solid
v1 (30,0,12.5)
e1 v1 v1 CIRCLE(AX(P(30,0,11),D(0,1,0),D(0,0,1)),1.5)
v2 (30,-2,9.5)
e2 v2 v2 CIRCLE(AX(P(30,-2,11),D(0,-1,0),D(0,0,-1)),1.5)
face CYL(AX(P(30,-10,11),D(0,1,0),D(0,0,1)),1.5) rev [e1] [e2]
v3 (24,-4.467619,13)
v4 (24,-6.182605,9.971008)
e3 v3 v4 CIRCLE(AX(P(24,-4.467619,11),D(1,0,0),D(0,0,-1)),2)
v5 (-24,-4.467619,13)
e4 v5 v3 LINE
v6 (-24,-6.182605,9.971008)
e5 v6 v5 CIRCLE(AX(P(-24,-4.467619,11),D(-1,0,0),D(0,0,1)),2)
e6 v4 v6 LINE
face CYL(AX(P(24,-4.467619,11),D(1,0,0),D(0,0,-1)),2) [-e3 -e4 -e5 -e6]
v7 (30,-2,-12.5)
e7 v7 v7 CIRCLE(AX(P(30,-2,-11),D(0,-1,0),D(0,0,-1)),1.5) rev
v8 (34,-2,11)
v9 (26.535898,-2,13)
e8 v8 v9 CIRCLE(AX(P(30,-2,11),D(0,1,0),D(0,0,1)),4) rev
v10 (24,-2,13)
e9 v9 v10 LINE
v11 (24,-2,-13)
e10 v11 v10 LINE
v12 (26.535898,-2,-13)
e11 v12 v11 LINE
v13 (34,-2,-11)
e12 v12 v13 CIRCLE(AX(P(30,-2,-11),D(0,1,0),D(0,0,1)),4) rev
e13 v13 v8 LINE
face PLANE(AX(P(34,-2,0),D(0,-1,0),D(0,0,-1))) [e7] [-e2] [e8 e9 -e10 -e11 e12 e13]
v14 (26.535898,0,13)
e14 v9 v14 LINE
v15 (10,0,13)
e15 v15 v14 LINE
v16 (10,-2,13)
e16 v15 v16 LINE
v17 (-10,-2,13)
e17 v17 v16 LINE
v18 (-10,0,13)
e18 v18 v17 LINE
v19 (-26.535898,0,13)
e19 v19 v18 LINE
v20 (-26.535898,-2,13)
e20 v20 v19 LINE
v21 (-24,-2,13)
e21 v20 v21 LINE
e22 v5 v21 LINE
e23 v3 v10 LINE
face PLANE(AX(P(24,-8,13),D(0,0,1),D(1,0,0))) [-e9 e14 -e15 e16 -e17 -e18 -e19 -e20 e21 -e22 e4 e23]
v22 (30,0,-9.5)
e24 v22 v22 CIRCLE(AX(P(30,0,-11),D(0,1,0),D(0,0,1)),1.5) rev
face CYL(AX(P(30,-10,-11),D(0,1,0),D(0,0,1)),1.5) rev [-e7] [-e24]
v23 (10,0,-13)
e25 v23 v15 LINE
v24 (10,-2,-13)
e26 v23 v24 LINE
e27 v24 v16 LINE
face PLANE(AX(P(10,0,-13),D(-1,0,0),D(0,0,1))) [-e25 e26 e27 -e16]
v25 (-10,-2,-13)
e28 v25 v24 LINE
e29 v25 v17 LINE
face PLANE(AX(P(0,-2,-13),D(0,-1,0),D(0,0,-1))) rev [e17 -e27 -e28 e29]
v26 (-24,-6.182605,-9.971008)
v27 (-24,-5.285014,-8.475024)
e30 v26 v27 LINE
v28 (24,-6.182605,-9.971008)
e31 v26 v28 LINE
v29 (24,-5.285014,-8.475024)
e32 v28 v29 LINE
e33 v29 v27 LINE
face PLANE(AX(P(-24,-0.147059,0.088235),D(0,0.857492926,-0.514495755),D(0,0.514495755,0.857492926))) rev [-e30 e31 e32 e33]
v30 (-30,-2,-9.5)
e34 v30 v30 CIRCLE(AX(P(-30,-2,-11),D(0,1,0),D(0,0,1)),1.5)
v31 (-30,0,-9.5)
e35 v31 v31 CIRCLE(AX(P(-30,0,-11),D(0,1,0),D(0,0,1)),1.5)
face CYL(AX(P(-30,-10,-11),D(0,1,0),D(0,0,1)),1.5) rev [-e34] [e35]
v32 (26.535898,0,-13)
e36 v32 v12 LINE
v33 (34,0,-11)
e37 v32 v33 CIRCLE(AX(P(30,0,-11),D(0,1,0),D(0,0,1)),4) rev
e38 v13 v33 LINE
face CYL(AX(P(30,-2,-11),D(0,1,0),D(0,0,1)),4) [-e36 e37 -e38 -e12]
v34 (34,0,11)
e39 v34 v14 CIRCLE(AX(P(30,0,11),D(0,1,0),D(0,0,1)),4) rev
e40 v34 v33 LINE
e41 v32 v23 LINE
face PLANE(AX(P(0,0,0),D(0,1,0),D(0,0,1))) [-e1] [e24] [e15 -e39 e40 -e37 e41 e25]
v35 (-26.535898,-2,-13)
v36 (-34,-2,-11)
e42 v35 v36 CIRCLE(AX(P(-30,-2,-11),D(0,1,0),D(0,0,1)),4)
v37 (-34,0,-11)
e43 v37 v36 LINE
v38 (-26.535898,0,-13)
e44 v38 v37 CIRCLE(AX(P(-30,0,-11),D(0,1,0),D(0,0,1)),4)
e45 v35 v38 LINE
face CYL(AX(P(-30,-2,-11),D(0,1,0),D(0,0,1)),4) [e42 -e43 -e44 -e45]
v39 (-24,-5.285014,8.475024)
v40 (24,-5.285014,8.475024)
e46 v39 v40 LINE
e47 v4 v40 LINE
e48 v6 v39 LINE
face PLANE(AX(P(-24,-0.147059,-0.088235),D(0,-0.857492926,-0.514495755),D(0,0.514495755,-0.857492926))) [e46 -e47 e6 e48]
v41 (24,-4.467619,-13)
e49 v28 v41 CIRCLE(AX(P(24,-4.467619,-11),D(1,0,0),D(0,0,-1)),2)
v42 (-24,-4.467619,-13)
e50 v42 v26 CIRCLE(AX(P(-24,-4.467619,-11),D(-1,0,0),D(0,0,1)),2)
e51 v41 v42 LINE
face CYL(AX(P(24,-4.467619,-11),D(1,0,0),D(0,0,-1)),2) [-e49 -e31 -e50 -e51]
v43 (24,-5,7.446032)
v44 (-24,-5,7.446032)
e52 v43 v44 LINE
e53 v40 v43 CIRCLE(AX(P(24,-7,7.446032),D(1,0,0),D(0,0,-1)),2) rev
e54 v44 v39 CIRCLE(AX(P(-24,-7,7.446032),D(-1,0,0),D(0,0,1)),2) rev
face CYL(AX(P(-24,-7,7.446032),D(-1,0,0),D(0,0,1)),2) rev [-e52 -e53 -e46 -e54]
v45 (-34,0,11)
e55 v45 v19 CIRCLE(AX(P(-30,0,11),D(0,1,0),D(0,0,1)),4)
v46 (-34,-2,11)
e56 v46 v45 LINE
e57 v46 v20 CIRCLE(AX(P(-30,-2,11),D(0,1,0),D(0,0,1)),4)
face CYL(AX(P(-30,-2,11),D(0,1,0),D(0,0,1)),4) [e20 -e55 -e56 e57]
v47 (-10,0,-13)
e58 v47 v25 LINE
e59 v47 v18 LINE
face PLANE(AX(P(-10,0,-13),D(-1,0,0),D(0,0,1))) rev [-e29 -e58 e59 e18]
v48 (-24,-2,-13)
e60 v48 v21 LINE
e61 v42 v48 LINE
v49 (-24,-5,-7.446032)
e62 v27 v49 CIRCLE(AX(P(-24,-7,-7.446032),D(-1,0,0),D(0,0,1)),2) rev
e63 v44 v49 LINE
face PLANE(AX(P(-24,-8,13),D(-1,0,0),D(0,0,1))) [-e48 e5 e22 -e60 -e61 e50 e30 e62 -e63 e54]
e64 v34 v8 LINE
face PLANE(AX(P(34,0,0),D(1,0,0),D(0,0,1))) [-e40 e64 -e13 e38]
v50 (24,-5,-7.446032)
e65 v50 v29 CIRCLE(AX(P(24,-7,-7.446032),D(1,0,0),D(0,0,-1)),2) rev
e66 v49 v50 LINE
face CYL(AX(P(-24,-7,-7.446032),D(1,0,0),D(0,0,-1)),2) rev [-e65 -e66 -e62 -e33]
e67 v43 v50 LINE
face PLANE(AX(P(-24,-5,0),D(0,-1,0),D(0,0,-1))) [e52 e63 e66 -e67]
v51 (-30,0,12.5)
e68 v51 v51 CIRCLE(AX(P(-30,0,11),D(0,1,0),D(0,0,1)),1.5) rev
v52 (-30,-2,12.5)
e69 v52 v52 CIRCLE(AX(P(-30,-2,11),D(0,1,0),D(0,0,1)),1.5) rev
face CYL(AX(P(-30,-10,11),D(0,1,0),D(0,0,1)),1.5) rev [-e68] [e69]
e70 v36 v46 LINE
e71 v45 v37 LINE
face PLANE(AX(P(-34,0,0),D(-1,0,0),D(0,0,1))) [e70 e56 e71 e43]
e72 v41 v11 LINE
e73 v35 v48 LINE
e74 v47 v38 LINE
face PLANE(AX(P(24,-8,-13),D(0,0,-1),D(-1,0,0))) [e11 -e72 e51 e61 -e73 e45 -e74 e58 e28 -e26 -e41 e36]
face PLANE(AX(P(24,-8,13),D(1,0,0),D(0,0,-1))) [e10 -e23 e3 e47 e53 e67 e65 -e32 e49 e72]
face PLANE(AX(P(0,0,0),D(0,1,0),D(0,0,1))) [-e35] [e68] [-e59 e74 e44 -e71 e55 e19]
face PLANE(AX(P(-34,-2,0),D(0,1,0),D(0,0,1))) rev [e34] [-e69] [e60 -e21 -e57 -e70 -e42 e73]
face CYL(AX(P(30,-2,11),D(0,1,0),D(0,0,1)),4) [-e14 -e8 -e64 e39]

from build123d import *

# Parameters (mm, degrees)
SKETCH1_W               = 48
SKETCH1_H               = 26
BOSS_EXTRUDE1_DEPTH     = 8
CUT_EXTRUDE1_DEPTH      = 1
CUT_EXTRUDE1_DEPTH_BACK = 49
FILLET1_R               = 2
SKETCH5_W               = 26
SKETCH5_H               = 2
BOSS_EXTRUDE2_DEPTH     = 10
SKETCH6_R               = 1.5
CUT_EXTRUDE2_DEPTH      = 10
SKETCH3_W               = 10
SKETCH3_H               = 2
CUT_EXTRUDE3_DEPTH      = 27
FILLET3_R               = 2
SKETCH7_R               = 4
SKETCH7_R_2             = 1.5
BOSS_EXTRUDE3_DEPTH     = 2


with BuildPart() as part:
    # Sketch1 → Boss-Extrude1 (new body)
    with BuildSketch(Plane(origin=(0, 0, 0), x_dir=(1, 0, 0), z_dir=(0, 1, 0))):
        Rectangle(SKETCH1_W, SKETCH1_H)
    extrude(amount=-BOSS_EXTRUDE1_DEPTH)

    # Sketch2 → Cut-Extrude1 (cut, two sides)
    with BuildSketch(Plane(origin=(24, 0, 0), x_dir=(0, 0, -1), z_dir=(1, 0, 0))) as cut_extrude1_sk:
        Polygon((-8, -5), (-13, -8), (0, -8), (0, -5), align=None)
        Polygon((0, -5), (0, -8), (13, -8), (8, -5), align=None)
    extrude(amount=CUT_EXTRUDE1_DEPTH, mode=Mode.SUBTRACT)
    extrude(cut_extrude1_sk.sketch, amount=-CUT_EXTRUDE1_DEPTH_BACK, mode=Mode.SUBTRACT)

    # Fillet1
    fillet1_edges = [part.edges().sort_by_distance(p)[0] for p in [
        (0, -8, -13),
        (0, -5, 8),
        (0, -5, -8),
        (0, -8, 13),
    ]]
    fillet(fillet1_edges, radius=FILLET1_R)

    # Sketch5 → Boss-Extrude2 (add)
    with BuildSketch(Plane.ZY.offset(24)):
        with Locations((0, -1)):
            Rectangle(SKETCH5_W, SKETCH5_H)
    boss_extrude2 = extrude(amount=BOSS_EXTRUDE2_DEPTH)

    # Mirror1: Boss-Extrude2 across plane
    add(boss_extrude2.mirror(Plane(origin=(0, 0, 0), x_dir=(0, 0, 1), z_dir=(1, 0, 0))))

    # Sketch6 → Cut-Extrude2 (cut)
    with BuildSketch(Plane(origin=(0, 0, 0), x_dir=(1, 0, 0), z_dir=(0, 1, 0))):
        with Locations((-30, 11)):
            Circle(SKETCH6_R)
        with Locations((-30, -11)):
            Circle(SKETCH6_R)
        with Locations((30, -11)):
            Circle(SKETCH6_R)
        with Locations((30, 11)):
            Circle(SKETCH6_R)
    extrude(amount=-CUT_EXTRUDE2_DEPTH, mode=Mode.SUBTRACT)

    # Sketch3 → Cut-Extrude3 (cut, through all)
    with BuildSketch(Plane.XY.offset(13)):
        with Locations((5, -1)):
            Rectangle(SKETCH3_W, SKETCH3_H)
        with Locations((-5, -1)):
            Rectangle(SKETCH3_W, SKETCH3_H)
    extrude(amount=-CUT_EXTRUDE3_DEPTH, mode=Mode.SUBTRACT)

    # Fillet3
    fillet3_edges = [part.edges().sort_by_distance(p)[0] for p in [
        (-34, -1, -13),
        (-34, -1, 13),
        (34, -1, -13),
        (34, -1, 13),
    ]]
    fillet(fillet3_edges, radius=FILLET3_R)

    # Sketch7 → Boss-Extrude3 (add)
    with BuildSketch(Plane(origin=(0, 0, 0), x_dir=(1, 0, 0), z_dir=(0, 1, 0))):
        with BuildLine():
            Line((-32, 13), (-26.535898385, 13))
            ThreePointArc((-26.535898385, 13), (-31.03527618, 14.863703305), (-34, 11))
            ThreePointArc((-34, 11), (-33.414213562, 12.414213562), (-32, 13))
        make_face()
        with BuildLine():
            ThreePointArc((-34, -11), (-31.03527618, -14.863703305), (-26.535898385, -13))
            Line((-26.535898385, -13), (-32, -13))
            ThreePointArc((-32, -13), (-33.414213562, -12.414213562), (-34, -11))
        make_face()
        with Locations((30, 11)):
            Circle(SKETCH7_R)
        with Locations((30, 11)):
            Circle(SKETCH7_R_2, mode=Mode.SUBTRACT)
        with Locations((30, -11)):
            Circle(SKETCH7_R)
        with Locations((30, -11)):
            Circle(SKETCH7_R_2, mode=Mode.SUBTRACT)
    extrude(amount=-BOSS_EXTRUDE3_DEPTH)


solid = part.part
